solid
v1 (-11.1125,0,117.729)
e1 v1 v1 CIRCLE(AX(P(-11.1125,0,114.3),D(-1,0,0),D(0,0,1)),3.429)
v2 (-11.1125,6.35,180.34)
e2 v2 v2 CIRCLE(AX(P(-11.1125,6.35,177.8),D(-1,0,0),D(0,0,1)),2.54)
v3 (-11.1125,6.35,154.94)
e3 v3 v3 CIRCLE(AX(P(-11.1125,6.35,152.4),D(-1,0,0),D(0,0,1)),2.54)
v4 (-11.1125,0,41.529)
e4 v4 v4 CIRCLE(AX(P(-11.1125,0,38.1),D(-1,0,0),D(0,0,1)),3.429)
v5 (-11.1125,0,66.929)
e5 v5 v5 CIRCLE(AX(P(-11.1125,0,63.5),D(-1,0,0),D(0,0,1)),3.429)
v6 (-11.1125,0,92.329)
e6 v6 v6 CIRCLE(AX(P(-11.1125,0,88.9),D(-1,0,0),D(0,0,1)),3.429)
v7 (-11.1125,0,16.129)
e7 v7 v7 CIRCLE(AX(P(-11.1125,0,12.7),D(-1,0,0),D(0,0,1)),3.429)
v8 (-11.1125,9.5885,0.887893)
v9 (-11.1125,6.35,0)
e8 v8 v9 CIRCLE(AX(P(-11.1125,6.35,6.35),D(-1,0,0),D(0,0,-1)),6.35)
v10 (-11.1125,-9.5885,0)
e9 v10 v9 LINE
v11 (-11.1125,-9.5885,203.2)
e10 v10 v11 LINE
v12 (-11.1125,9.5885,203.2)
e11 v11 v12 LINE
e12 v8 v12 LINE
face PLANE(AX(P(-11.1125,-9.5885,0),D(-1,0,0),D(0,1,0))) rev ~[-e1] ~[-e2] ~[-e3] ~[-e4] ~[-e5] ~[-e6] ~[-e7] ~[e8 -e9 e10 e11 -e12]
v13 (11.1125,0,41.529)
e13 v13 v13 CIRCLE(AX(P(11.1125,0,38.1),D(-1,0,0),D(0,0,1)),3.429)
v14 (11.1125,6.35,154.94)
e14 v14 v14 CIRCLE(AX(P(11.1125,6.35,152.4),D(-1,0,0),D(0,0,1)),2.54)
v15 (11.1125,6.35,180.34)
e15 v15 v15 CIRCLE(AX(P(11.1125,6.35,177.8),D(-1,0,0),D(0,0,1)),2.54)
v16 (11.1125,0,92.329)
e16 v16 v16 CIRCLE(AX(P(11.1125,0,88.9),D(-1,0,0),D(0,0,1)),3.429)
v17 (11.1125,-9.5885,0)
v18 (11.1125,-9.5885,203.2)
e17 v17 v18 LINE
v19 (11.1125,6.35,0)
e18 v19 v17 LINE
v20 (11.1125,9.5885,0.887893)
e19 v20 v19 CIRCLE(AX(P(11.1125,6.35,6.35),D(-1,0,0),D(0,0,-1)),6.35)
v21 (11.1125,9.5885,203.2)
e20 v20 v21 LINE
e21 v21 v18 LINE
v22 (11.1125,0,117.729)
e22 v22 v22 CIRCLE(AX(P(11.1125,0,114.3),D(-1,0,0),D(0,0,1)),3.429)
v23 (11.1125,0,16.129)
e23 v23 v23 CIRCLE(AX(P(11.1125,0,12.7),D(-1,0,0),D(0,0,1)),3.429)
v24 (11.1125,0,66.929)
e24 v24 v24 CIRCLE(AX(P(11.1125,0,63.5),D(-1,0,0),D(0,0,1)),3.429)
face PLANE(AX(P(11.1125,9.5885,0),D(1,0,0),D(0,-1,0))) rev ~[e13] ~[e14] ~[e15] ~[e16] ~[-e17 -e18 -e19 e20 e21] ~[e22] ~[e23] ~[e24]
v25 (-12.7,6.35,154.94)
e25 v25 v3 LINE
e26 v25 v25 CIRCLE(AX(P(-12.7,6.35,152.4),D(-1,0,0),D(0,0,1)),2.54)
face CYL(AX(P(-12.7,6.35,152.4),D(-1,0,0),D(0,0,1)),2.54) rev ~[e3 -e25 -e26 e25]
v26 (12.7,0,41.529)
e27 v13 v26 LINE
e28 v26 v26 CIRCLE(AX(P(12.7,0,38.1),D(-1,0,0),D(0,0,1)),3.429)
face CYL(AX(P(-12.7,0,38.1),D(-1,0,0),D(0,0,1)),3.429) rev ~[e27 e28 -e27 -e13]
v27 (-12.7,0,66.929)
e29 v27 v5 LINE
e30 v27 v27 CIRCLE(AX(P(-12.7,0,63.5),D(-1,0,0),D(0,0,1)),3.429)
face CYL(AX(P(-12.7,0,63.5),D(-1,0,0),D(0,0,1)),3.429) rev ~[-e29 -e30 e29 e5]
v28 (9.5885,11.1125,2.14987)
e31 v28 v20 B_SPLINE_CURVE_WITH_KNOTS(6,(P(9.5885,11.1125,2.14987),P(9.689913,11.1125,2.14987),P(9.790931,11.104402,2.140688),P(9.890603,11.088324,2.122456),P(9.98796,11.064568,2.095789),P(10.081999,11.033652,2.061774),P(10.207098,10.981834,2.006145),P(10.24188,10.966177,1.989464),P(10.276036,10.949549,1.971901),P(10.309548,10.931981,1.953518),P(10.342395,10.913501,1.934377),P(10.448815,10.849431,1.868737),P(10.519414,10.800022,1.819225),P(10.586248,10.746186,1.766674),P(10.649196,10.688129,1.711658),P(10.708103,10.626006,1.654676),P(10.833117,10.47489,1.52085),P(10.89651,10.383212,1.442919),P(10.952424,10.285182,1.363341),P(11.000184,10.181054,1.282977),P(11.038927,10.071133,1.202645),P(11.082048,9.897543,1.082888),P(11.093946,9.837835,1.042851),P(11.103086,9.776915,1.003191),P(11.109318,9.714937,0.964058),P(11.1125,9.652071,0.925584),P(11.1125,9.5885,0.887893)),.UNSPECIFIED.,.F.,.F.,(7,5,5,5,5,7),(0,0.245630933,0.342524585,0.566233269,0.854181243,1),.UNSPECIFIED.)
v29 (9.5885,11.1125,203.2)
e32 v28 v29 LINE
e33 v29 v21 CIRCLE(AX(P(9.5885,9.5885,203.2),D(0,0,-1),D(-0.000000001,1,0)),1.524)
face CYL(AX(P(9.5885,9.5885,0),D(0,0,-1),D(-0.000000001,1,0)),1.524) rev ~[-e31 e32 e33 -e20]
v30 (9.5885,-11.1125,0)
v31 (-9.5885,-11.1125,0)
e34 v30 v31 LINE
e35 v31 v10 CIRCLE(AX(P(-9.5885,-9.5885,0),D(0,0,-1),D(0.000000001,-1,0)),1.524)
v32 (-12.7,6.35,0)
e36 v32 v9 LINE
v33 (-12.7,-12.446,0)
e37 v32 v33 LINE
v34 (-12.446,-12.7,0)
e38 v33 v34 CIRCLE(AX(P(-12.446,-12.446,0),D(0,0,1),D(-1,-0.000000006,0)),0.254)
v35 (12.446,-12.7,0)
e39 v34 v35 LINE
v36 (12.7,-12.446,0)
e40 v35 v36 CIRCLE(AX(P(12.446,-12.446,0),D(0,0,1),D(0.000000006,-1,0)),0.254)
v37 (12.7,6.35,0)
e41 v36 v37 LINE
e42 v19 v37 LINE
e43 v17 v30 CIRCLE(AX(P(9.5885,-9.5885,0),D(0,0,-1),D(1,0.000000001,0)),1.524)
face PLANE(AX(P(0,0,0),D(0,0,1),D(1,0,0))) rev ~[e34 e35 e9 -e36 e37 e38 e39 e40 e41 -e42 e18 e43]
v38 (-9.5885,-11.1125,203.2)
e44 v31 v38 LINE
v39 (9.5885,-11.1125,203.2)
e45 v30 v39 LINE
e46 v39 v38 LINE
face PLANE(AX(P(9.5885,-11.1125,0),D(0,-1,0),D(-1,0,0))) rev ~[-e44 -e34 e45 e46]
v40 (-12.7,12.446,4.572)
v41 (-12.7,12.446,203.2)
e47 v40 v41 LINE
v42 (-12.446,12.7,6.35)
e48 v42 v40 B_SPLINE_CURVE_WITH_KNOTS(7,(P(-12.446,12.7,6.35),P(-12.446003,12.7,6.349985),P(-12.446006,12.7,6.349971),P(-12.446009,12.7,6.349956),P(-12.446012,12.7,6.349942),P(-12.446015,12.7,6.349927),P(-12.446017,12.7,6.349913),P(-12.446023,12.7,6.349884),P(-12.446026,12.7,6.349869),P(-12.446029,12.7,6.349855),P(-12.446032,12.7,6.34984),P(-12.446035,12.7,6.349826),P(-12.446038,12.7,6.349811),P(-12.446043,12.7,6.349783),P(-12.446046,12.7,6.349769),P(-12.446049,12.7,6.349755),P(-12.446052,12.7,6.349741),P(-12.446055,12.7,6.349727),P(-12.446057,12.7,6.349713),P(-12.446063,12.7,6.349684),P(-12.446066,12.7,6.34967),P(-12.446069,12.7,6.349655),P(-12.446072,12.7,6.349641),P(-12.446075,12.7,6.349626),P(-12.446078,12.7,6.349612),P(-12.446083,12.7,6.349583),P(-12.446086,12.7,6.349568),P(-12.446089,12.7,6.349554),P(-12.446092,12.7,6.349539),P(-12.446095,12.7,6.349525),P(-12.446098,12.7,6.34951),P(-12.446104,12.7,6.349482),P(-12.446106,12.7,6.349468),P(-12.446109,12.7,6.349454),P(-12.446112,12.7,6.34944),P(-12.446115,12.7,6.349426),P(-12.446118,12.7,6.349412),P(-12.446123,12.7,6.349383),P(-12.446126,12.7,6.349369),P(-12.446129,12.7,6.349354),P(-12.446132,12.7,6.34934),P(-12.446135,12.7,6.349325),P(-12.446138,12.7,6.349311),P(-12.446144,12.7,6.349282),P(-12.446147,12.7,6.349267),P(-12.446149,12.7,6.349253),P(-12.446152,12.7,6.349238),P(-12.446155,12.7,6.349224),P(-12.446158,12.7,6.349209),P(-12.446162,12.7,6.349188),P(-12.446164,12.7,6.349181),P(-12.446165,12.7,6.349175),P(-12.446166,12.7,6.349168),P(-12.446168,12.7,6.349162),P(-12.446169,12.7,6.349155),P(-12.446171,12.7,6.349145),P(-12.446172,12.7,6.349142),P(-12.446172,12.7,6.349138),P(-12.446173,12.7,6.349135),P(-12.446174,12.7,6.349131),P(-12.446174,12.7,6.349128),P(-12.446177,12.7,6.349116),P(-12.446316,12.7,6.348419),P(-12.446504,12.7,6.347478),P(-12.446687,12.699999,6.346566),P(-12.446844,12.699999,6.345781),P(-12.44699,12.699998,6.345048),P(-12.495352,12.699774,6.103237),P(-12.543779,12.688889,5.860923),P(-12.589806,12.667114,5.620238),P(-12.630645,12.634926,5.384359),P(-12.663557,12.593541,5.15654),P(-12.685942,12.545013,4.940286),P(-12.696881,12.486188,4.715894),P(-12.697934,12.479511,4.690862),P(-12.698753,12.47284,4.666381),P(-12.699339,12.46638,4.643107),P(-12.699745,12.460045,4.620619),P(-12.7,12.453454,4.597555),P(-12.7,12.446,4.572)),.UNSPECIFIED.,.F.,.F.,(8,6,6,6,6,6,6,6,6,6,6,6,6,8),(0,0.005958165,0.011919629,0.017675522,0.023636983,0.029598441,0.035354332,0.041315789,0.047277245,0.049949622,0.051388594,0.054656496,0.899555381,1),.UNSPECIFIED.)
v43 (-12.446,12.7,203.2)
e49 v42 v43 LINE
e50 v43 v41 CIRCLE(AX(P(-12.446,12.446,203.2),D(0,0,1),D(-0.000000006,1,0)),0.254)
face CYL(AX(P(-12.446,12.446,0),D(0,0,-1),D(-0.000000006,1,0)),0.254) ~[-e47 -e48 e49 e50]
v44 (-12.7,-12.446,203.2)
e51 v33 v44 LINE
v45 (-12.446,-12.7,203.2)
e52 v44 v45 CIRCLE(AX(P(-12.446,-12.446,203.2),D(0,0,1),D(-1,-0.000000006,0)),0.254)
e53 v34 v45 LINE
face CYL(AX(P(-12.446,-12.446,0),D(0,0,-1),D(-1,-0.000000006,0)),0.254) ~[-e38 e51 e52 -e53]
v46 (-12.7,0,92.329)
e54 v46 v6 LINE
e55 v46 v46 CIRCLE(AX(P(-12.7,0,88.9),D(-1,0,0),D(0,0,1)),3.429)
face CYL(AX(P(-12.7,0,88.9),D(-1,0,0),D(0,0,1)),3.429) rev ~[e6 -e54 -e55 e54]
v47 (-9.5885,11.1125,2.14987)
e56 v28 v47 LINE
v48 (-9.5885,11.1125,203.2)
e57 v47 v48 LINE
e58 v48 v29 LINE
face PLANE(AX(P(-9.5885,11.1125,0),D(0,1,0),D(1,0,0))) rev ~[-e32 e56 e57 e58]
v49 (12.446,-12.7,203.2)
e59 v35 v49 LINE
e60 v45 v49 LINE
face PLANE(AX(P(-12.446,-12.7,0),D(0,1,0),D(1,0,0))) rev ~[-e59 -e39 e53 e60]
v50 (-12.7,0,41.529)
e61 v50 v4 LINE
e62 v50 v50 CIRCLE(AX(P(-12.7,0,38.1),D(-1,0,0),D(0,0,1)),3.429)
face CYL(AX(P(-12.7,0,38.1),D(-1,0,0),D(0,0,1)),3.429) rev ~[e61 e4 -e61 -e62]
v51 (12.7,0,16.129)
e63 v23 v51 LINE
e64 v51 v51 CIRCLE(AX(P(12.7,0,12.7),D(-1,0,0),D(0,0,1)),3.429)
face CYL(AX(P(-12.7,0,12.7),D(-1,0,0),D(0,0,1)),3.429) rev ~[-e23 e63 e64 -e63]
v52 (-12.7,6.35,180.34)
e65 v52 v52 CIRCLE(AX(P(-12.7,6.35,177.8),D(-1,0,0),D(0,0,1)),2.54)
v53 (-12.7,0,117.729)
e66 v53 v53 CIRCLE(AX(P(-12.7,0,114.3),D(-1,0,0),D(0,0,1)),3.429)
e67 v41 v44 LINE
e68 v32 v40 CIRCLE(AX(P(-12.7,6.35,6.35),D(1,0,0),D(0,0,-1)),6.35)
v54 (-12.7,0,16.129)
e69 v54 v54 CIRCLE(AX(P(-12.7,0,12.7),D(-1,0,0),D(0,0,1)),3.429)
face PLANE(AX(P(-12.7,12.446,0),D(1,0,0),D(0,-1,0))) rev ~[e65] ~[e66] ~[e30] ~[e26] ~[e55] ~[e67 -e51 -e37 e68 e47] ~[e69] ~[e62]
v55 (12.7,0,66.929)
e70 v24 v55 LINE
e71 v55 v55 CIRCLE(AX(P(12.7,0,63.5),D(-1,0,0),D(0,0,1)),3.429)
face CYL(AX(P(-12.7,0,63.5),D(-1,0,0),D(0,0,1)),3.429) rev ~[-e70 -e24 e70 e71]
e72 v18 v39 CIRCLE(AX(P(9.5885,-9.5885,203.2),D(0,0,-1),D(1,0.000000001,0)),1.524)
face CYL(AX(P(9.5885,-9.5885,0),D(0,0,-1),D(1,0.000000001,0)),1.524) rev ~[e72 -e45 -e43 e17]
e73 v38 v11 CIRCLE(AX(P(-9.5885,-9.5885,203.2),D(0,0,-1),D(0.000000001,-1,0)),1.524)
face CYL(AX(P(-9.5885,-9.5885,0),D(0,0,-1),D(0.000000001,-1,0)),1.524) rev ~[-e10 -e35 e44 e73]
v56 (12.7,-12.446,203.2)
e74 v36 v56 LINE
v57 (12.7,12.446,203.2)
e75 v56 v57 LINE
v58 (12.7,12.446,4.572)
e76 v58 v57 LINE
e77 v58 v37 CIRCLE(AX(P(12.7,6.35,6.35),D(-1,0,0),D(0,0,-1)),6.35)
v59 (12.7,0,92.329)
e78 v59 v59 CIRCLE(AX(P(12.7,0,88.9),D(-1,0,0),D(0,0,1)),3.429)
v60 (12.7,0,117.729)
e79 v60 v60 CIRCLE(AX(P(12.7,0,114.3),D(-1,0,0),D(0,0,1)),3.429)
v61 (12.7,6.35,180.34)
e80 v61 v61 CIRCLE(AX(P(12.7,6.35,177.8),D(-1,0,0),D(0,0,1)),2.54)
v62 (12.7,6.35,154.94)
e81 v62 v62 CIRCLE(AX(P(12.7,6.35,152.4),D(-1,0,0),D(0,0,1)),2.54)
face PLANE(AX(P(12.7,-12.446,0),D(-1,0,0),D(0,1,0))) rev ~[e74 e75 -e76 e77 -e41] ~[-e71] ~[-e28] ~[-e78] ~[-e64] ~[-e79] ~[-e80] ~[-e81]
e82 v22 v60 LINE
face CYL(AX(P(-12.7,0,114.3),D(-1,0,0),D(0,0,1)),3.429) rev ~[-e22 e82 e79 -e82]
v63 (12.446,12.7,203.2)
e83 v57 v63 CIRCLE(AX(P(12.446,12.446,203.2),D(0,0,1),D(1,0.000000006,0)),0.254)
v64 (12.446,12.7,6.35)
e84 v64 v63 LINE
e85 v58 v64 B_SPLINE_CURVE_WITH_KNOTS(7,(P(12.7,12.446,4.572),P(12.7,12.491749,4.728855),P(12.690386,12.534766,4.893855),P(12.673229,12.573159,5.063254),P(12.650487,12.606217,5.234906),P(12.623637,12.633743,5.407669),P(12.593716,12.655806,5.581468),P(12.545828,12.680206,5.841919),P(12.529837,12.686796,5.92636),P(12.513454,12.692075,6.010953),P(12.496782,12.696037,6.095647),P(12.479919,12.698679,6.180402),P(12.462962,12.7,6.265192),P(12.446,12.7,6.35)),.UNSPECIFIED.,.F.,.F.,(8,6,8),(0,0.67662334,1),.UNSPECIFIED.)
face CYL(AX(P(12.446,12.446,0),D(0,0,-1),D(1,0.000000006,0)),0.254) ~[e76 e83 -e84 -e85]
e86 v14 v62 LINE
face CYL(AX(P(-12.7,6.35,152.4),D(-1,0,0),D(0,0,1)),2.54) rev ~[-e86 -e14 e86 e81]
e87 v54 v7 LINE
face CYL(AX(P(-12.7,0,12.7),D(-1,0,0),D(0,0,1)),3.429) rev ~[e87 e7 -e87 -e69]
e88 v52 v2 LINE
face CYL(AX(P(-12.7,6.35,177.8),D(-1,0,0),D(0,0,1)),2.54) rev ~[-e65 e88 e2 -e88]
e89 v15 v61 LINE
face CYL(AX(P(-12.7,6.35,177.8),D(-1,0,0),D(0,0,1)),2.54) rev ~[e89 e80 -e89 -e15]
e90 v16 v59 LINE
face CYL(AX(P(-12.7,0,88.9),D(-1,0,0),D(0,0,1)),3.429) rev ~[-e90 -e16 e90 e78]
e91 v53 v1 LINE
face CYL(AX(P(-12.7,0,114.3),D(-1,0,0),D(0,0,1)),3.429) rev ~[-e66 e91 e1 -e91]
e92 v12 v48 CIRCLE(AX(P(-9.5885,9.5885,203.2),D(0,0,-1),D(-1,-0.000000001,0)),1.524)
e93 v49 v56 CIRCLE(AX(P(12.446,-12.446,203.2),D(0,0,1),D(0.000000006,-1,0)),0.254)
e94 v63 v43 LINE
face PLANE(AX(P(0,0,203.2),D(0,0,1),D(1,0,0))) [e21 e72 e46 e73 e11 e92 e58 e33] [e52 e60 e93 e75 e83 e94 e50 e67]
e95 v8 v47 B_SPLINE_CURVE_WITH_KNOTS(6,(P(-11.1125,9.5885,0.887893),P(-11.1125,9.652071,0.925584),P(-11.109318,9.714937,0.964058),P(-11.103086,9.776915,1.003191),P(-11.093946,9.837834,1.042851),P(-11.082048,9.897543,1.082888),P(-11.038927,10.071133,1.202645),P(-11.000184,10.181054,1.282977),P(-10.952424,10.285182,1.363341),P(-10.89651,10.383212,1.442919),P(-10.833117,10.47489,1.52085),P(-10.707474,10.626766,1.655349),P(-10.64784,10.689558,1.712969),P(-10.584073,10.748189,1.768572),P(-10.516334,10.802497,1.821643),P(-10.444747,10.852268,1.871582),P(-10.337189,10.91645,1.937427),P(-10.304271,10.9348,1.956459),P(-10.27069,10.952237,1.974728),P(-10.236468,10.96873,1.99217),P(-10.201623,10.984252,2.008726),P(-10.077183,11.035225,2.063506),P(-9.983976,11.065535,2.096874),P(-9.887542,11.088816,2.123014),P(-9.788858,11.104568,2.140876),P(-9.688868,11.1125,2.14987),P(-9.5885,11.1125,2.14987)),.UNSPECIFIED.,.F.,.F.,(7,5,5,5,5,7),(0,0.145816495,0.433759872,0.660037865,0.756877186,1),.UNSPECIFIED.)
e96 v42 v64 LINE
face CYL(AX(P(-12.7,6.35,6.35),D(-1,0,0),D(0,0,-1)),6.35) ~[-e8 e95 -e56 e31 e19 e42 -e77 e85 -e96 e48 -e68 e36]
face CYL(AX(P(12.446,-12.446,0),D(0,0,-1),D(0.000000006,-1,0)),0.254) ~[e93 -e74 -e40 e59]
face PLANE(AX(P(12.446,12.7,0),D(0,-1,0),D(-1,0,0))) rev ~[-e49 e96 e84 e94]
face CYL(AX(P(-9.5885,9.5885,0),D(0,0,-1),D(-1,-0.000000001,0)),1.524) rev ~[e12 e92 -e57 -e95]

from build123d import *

# Parameters (mm, degrees)
BOSS_EXTRUDE1_DEPTH = 203.2
SKETCH2_R           = 3.429
SKETCH2_R_2         = 2.54
CUT_EXTRUDE1_DEPTH  = 26.4


with BuildPart() as part:
    # Sketch1 → Boss-Extrude1 (new body)
    with BuildSketch(Plane.XY):
        with BuildLine():
            Line((-12.446, -12.7), (12.446, -12.7))
            ThreePointArc((12.446, -12.7), (12.625605122, -12.625605122), (12.7, -12.446))
            Line((12.7, -12.446), (12.7, 12.446))
            ThreePointArc((12.7, 12.446), (12.625605122, 12.625605122), (12.446, 12.7))
            Line((12.446, 12.7), (-12.446, 12.7))
            ThreePointArc((-12.446, 12.7), (-12.625605122, 12.625605122), (-12.7, 12.446))
            Line((-12.7, 12.446), (-12.7, -12.446))
            ThreePointArc((-12.7, -12.446), (-12.625605122, -12.625605122), (-12.446, -12.7))
        make_face()
        with BuildLine():
            Line((-9.5885, 11.1125), (9.5885, 11.1125))
            ThreePointArc((9.5885, 11.1125), (10.666130735, 10.666130735), (11.1125, 9.5885))
            Line((11.1125, 9.5885), (11.1125, -9.5885))
            ThreePointArc((11.1125, -9.5885), (10.666130735, -10.666130735), (9.5885, -11.1125))
            Line((9.5885, -11.1125), (-9.5885, -11.1125))
            ThreePointArc((-9.5885, -11.1125), (-10.666130735, -10.666130735), (-11.1125, -9.5885))
            Line((-11.1125, -9.5885), (-11.1125, 9.5885))
            ThreePointArc((-11.1125, 9.5885), (-10.666130735, 10.666130735), (-9.5885, 11.1125))
        make_face(mode=Mode.SUBTRACT)
    extrude(amount=BOSS_EXTRUDE1_DEPTH)

    # Sketch2 → Cut-Extrude1 (cut, through all)
    with BuildSketch(Plane.ZY.offset(12.7)):
        with Locations((12.7, 0)):
            Circle(SKETCH2_R)
        with Locations((38.1, 0)):
            Circle(SKETCH2_R)
        with Locations((63.5, 0)):
            Circle(SKETCH2_R)
        with Locations((88.9, 0)):
            Circle(SKETCH2_R)
        with Locations((114.3, 0)):
            Circle(SKETCH2_R)
        with Locations((177.8, 6.35)):
            Circle(SKETCH2_R_2)
        with Locations((152.4, 6.35)):
            Circle(SKETCH2_R_2)
        with BuildLine():
            Line((6.35, 12.7), (0, 12.7))
            Line((0, 12.7), (0, 6.35))
            ThreePointArc((0, 6.35), (1.859871939, 10.840128061), (6.35, 12.7))
        make_face()
    extrude(amount=-CUT_EXTRUDE1_DEPTH, mode=Mode.SUBTRACT)


solid = part.part
